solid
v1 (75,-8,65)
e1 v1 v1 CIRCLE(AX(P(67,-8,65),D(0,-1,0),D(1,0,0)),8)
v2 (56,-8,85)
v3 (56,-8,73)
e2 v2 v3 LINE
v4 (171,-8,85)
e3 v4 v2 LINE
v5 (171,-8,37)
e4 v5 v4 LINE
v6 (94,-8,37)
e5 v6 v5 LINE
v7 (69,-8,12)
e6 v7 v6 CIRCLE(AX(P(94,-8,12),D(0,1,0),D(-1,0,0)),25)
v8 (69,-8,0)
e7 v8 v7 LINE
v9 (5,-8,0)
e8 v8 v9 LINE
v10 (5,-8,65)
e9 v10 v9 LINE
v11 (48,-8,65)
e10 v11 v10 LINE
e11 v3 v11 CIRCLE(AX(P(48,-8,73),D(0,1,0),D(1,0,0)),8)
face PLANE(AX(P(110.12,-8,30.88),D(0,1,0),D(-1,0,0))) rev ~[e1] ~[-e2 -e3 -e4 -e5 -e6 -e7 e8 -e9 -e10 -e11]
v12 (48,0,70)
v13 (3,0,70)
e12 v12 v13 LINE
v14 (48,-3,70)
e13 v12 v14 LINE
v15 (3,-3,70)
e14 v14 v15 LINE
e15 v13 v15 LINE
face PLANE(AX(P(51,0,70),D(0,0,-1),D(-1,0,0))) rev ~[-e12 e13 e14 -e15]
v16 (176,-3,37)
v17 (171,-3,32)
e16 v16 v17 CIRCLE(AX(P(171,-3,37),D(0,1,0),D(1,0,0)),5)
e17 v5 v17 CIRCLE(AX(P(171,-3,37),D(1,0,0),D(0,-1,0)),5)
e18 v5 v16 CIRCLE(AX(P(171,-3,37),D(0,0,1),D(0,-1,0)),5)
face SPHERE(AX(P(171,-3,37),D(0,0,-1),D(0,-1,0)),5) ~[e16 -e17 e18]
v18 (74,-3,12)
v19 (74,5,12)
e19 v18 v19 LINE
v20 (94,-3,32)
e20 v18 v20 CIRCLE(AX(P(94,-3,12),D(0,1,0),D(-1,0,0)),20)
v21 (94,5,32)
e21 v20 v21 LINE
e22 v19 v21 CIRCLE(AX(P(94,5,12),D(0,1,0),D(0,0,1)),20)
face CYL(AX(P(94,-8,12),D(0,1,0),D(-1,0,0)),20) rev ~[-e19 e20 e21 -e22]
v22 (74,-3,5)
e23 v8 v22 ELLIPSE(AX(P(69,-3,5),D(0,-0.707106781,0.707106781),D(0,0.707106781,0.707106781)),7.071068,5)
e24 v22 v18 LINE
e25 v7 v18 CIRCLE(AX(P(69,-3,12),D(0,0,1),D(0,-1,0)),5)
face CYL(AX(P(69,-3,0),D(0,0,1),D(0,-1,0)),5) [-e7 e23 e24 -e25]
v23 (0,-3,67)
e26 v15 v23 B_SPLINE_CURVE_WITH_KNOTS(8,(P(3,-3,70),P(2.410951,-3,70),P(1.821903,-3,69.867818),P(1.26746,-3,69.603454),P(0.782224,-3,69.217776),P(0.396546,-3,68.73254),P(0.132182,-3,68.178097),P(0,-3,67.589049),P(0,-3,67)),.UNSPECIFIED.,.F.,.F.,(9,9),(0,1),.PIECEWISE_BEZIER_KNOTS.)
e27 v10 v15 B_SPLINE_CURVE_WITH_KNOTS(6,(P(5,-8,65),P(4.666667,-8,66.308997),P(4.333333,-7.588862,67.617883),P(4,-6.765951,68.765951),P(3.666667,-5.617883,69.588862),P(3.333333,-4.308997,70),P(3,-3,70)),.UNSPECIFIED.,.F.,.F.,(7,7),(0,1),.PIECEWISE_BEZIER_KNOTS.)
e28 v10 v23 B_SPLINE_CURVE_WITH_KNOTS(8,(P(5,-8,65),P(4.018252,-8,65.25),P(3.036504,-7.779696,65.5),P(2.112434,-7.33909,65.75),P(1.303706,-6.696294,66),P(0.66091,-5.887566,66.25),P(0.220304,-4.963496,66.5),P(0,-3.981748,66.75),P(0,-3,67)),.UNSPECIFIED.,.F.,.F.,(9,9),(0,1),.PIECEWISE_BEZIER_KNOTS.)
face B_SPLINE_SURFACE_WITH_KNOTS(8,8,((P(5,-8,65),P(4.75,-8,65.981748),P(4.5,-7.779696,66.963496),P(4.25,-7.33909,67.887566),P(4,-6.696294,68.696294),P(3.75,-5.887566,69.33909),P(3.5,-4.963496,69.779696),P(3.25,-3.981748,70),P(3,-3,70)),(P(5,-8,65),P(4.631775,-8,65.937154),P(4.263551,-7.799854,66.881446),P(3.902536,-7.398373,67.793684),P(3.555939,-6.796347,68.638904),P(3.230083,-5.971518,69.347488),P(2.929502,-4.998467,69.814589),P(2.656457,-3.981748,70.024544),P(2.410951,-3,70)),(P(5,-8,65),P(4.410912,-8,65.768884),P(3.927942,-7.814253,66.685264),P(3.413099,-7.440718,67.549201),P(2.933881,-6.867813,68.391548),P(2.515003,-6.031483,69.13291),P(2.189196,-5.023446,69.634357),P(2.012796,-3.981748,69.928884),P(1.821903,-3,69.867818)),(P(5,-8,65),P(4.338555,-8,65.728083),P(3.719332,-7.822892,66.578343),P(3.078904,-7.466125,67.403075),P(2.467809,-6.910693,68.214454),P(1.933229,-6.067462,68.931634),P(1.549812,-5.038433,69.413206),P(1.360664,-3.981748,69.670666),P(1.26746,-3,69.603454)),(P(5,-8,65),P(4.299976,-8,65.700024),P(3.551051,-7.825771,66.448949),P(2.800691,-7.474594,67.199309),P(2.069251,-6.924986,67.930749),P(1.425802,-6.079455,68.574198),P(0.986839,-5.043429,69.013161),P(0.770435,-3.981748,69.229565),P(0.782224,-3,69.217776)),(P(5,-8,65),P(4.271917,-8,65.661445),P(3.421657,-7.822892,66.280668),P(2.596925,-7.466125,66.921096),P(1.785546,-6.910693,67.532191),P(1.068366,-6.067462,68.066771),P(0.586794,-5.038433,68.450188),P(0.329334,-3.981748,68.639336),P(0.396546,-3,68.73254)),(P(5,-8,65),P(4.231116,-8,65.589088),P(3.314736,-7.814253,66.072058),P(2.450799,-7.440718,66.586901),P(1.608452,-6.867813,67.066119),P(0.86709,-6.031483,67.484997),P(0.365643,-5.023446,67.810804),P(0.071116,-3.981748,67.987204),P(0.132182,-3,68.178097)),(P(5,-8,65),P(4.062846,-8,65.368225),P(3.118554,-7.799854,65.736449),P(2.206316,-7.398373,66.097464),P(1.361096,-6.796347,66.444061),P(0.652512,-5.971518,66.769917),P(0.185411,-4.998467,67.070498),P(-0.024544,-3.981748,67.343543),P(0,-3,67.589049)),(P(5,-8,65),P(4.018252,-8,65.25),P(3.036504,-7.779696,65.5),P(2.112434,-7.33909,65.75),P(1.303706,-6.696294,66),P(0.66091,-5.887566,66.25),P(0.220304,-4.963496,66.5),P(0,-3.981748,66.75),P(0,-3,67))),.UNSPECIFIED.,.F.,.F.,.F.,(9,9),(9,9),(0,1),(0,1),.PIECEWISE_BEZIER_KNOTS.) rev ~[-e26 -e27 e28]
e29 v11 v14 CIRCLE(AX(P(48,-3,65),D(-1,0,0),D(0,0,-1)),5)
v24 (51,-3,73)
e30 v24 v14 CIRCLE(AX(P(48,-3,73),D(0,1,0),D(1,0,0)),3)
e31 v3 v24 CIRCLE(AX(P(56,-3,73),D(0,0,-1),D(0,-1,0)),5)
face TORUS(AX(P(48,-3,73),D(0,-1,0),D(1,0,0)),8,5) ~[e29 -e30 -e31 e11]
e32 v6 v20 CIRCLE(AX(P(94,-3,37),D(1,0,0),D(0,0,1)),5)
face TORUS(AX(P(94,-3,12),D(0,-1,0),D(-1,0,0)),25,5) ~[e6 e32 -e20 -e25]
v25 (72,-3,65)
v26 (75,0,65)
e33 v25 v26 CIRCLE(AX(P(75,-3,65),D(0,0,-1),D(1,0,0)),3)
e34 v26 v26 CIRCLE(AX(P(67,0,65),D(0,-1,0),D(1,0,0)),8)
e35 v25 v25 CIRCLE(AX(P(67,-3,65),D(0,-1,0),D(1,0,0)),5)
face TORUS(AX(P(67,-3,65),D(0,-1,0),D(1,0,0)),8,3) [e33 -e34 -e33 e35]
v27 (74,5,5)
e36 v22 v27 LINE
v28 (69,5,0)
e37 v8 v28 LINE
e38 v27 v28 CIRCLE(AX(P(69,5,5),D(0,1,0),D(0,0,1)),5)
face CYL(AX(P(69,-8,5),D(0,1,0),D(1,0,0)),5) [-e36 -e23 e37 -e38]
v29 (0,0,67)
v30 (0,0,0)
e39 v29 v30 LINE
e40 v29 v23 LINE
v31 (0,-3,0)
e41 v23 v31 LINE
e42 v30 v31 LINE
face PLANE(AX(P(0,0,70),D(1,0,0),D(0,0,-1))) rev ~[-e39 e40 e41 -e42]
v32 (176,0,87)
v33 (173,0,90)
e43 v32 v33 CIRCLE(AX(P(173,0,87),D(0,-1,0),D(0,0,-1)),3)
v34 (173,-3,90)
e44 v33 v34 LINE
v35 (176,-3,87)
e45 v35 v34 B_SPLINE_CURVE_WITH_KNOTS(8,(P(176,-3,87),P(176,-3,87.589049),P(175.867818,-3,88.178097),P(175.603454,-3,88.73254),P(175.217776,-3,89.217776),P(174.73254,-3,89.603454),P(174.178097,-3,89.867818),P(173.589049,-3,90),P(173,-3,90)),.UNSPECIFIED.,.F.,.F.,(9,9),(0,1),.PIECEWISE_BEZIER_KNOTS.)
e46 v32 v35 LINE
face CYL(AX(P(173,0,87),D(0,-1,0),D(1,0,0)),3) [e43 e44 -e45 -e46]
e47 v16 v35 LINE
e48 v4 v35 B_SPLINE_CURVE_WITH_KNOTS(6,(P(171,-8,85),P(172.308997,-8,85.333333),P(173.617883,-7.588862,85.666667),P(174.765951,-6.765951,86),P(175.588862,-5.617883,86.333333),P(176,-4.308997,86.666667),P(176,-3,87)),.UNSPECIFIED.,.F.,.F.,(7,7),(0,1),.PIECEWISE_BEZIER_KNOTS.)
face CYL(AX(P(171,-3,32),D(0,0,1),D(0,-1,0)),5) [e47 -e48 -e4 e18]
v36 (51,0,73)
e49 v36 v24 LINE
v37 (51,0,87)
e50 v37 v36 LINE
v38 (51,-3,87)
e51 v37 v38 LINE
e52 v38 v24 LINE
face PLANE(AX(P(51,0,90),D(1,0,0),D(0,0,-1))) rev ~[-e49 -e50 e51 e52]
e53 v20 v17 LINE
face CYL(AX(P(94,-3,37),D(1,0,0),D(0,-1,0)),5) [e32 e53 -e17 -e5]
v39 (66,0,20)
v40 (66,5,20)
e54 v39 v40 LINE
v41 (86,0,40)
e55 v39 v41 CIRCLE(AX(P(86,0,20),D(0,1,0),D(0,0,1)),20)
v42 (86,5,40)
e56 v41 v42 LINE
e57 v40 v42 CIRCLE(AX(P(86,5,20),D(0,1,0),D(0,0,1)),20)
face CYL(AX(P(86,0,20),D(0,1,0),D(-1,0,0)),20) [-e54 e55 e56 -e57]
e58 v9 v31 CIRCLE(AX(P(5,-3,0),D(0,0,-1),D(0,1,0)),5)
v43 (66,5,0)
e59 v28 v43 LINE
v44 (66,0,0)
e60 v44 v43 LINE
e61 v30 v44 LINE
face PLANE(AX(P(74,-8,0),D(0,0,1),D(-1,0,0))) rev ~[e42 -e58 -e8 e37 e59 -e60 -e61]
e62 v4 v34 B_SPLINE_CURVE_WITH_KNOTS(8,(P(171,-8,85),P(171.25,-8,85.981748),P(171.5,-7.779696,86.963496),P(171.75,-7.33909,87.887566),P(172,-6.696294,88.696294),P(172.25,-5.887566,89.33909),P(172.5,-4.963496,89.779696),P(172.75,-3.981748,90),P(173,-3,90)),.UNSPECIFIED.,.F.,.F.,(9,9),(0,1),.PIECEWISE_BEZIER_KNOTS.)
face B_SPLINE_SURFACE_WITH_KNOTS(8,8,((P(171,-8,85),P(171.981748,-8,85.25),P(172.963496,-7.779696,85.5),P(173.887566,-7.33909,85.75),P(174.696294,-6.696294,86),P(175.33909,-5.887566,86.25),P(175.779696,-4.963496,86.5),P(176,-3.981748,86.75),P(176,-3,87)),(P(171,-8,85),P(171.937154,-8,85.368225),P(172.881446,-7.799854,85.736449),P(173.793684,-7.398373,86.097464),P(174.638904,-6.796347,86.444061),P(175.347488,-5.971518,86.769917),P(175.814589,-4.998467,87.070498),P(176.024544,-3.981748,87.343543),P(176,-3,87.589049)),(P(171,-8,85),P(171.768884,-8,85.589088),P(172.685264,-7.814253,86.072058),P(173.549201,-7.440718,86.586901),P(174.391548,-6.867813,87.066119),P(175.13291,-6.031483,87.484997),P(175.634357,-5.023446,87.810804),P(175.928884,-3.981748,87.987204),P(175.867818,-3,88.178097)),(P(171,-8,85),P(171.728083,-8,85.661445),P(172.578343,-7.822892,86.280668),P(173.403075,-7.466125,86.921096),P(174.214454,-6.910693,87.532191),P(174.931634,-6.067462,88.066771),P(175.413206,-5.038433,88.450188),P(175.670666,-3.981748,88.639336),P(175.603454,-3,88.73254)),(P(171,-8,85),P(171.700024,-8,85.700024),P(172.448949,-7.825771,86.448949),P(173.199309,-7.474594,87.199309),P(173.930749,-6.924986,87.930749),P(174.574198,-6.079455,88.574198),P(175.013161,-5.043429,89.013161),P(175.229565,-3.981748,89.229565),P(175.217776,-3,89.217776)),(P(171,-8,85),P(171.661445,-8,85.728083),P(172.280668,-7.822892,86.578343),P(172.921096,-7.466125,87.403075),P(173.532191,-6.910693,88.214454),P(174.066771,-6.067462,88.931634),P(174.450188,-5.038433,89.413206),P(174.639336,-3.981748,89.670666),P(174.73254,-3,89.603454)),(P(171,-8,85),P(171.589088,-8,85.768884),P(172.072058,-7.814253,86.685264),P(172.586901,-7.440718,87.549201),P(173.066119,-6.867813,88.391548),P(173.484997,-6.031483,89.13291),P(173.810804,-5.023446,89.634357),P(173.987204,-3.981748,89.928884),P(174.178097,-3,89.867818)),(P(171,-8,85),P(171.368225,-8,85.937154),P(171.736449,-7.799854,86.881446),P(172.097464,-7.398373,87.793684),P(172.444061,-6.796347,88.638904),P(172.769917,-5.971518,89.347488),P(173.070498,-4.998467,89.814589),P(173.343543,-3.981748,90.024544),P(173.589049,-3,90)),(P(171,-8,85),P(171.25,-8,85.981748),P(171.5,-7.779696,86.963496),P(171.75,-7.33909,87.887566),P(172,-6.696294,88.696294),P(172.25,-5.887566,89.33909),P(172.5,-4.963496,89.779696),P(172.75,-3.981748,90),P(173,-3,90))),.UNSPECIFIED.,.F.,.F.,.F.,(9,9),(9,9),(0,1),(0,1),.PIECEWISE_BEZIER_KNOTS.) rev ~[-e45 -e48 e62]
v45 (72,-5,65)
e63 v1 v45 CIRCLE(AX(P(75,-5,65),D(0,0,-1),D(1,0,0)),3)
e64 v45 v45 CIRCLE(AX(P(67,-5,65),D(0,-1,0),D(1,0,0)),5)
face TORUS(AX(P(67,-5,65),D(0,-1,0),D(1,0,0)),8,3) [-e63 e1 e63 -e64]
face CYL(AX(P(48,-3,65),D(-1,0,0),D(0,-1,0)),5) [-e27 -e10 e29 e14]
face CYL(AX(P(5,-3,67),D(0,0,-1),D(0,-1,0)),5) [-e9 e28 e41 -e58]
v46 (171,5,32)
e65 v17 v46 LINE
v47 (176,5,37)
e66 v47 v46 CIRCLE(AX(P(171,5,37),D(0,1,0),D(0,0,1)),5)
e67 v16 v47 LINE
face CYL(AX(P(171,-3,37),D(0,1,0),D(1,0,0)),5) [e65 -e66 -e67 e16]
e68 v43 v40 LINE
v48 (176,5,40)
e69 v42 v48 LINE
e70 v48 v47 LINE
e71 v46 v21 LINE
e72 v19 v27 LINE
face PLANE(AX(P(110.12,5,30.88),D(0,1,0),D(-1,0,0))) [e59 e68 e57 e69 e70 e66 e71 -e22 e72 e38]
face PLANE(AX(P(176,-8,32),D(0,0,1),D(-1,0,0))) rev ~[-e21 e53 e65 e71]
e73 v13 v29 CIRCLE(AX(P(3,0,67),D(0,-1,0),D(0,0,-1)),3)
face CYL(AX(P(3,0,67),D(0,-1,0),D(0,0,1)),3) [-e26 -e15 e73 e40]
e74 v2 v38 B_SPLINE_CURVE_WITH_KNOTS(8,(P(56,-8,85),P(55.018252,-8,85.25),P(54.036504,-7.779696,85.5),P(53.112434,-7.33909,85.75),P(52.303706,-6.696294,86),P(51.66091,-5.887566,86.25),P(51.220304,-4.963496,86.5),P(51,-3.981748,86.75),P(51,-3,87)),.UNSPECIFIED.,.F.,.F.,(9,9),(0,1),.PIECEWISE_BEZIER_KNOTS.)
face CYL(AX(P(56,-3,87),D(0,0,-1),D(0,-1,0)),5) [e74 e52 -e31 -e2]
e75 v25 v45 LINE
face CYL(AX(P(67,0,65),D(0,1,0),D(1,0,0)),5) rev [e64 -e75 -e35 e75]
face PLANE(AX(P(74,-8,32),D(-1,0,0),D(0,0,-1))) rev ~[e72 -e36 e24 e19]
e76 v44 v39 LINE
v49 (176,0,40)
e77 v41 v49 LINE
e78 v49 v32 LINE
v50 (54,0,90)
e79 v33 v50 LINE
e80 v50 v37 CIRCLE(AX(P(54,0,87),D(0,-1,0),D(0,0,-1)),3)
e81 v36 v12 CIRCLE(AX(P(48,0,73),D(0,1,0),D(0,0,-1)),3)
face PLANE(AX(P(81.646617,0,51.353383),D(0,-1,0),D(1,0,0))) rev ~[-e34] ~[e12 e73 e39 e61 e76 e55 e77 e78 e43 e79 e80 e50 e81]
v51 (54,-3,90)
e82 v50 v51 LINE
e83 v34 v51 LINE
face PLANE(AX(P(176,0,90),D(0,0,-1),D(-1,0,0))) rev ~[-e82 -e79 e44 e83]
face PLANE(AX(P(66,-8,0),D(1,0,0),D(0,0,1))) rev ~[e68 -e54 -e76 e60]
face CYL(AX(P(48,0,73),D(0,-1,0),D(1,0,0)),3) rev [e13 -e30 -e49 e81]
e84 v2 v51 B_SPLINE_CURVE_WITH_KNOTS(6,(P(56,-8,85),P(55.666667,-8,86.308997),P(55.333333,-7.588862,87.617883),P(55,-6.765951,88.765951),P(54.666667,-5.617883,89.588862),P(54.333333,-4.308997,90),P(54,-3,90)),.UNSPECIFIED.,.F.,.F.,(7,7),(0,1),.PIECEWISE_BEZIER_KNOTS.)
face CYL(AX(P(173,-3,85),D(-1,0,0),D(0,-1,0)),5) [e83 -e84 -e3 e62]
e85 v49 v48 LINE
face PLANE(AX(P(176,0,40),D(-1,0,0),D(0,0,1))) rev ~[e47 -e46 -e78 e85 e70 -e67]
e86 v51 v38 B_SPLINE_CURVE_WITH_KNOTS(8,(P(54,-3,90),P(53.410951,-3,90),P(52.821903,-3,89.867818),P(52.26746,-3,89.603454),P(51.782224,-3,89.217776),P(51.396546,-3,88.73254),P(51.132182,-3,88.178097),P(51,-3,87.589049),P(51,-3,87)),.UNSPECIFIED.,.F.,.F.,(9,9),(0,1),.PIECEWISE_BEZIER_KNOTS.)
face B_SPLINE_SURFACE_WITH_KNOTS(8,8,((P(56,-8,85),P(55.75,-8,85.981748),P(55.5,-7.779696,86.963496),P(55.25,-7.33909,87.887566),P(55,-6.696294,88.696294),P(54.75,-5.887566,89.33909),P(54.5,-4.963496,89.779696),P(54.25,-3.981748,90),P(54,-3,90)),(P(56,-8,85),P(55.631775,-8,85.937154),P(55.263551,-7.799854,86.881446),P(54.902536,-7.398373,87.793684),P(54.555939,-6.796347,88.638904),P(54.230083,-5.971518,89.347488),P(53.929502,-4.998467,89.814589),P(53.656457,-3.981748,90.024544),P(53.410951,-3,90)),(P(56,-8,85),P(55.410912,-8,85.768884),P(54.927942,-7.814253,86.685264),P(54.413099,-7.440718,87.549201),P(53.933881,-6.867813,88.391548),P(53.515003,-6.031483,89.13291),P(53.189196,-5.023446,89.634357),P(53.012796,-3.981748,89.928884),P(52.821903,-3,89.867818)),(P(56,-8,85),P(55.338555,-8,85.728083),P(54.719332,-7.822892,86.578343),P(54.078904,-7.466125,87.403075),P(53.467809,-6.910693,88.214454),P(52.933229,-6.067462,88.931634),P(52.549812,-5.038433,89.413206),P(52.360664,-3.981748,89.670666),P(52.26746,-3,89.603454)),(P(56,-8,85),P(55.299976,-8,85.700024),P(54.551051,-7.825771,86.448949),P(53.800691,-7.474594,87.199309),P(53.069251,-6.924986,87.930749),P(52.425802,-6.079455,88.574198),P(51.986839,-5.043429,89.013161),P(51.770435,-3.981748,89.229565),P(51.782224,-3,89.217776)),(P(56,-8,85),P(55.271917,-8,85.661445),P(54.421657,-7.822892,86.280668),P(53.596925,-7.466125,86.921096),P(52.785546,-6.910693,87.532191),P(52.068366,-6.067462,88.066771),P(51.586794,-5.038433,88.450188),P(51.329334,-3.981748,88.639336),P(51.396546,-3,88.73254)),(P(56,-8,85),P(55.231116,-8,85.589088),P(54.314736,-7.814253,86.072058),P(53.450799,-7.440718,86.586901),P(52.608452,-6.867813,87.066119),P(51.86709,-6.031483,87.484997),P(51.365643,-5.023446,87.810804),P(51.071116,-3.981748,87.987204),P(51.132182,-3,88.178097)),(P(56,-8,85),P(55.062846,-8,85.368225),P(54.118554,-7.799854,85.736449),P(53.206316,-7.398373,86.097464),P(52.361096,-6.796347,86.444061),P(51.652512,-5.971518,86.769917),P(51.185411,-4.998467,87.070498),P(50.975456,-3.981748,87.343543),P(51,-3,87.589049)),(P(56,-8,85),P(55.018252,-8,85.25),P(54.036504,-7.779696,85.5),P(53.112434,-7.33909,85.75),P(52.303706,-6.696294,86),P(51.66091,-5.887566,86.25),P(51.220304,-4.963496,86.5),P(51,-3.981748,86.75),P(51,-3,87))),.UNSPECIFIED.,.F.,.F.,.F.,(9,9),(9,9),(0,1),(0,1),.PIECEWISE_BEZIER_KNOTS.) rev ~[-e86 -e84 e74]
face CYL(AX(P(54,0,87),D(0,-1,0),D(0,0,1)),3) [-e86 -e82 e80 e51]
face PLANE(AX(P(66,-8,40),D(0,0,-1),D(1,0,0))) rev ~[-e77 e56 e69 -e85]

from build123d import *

# Parameters (mm, degrees)
SKETCH_R     = 5
PAD_DEPTH    = 8
PAD001_DEPTH = 13
FILLET_R     = 3
FILLET001_R  = 5
FILLET002_R  = 20
FILLET003_R  = 5
FILLET004_R  = 3


with BuildPart() as part:
    # Sketch → Pad (new body)
    with BuildSketch(Plane.XZ):
        Polygon((0, 0), (66, 0), (66, 40), (176, 40), (176, 90), (51, 90), (51, 70), (11, 70), (0, 70), align=None)
        with Locations((67, 65)):
            Circle(SKETCH_R, mode=Mode.SUBTRACT)
    extrude(amount=PAD_DEPTH)

    # Sketch001 (on Face12 of Pad) → Pad001 (join)
    with BuildSketch(Plane.XZ.offset(8)):
        Polygon((66, 0), (66, 40), (176, 40), (176, 32), (74, 32), (74, 0), align=None)
    extrude(amount=-PAD001_DEPTH)

    # Fillet
    fillet_edges = [part.edges().sort_by_distance(p)[0] for p in [
        (176, -4, 90),
        (51, -4, 90),
        (51, -4, 70),
        (0, -4, 70),
    ]]
    fillet(fillet_edges, radius=FILLET_R)

    # Fillet001
    fillet001_edges = [part.edges().sort_by_distance(p)[0] for p in [
        (0, -8, 33.5),
    ]]
    fillet(fillet001_edges, radius=FILLET001_R)

    # Fillet002
    fillet002_edges = [part.edges().sort_by_distance(p)[0] for p in [
        (66, 2.5, 40),
        (74, -1.5, 32),
    ]]
    fillet(fillet002_edges, radius=FILLET002_R)

    # Fillet003
    fillet003_edges = [part.edges().sort_by_distance(p)[0] for p in [
        (79.857864, -8, 26.142136),
        (74, -1.5, 0),
    ]]
    fillet(fillet003_edges, radius=FILLET003_R)

    # Fillet004
    fillet004_edges = [part.edges().sort_by_distance(p)[0] for p in [
        (62, -8, 65),
        (62, 0, 65),
    ]]
    fillet(fillet004_edges, radius=FILLET004_R)


solid = part.part
